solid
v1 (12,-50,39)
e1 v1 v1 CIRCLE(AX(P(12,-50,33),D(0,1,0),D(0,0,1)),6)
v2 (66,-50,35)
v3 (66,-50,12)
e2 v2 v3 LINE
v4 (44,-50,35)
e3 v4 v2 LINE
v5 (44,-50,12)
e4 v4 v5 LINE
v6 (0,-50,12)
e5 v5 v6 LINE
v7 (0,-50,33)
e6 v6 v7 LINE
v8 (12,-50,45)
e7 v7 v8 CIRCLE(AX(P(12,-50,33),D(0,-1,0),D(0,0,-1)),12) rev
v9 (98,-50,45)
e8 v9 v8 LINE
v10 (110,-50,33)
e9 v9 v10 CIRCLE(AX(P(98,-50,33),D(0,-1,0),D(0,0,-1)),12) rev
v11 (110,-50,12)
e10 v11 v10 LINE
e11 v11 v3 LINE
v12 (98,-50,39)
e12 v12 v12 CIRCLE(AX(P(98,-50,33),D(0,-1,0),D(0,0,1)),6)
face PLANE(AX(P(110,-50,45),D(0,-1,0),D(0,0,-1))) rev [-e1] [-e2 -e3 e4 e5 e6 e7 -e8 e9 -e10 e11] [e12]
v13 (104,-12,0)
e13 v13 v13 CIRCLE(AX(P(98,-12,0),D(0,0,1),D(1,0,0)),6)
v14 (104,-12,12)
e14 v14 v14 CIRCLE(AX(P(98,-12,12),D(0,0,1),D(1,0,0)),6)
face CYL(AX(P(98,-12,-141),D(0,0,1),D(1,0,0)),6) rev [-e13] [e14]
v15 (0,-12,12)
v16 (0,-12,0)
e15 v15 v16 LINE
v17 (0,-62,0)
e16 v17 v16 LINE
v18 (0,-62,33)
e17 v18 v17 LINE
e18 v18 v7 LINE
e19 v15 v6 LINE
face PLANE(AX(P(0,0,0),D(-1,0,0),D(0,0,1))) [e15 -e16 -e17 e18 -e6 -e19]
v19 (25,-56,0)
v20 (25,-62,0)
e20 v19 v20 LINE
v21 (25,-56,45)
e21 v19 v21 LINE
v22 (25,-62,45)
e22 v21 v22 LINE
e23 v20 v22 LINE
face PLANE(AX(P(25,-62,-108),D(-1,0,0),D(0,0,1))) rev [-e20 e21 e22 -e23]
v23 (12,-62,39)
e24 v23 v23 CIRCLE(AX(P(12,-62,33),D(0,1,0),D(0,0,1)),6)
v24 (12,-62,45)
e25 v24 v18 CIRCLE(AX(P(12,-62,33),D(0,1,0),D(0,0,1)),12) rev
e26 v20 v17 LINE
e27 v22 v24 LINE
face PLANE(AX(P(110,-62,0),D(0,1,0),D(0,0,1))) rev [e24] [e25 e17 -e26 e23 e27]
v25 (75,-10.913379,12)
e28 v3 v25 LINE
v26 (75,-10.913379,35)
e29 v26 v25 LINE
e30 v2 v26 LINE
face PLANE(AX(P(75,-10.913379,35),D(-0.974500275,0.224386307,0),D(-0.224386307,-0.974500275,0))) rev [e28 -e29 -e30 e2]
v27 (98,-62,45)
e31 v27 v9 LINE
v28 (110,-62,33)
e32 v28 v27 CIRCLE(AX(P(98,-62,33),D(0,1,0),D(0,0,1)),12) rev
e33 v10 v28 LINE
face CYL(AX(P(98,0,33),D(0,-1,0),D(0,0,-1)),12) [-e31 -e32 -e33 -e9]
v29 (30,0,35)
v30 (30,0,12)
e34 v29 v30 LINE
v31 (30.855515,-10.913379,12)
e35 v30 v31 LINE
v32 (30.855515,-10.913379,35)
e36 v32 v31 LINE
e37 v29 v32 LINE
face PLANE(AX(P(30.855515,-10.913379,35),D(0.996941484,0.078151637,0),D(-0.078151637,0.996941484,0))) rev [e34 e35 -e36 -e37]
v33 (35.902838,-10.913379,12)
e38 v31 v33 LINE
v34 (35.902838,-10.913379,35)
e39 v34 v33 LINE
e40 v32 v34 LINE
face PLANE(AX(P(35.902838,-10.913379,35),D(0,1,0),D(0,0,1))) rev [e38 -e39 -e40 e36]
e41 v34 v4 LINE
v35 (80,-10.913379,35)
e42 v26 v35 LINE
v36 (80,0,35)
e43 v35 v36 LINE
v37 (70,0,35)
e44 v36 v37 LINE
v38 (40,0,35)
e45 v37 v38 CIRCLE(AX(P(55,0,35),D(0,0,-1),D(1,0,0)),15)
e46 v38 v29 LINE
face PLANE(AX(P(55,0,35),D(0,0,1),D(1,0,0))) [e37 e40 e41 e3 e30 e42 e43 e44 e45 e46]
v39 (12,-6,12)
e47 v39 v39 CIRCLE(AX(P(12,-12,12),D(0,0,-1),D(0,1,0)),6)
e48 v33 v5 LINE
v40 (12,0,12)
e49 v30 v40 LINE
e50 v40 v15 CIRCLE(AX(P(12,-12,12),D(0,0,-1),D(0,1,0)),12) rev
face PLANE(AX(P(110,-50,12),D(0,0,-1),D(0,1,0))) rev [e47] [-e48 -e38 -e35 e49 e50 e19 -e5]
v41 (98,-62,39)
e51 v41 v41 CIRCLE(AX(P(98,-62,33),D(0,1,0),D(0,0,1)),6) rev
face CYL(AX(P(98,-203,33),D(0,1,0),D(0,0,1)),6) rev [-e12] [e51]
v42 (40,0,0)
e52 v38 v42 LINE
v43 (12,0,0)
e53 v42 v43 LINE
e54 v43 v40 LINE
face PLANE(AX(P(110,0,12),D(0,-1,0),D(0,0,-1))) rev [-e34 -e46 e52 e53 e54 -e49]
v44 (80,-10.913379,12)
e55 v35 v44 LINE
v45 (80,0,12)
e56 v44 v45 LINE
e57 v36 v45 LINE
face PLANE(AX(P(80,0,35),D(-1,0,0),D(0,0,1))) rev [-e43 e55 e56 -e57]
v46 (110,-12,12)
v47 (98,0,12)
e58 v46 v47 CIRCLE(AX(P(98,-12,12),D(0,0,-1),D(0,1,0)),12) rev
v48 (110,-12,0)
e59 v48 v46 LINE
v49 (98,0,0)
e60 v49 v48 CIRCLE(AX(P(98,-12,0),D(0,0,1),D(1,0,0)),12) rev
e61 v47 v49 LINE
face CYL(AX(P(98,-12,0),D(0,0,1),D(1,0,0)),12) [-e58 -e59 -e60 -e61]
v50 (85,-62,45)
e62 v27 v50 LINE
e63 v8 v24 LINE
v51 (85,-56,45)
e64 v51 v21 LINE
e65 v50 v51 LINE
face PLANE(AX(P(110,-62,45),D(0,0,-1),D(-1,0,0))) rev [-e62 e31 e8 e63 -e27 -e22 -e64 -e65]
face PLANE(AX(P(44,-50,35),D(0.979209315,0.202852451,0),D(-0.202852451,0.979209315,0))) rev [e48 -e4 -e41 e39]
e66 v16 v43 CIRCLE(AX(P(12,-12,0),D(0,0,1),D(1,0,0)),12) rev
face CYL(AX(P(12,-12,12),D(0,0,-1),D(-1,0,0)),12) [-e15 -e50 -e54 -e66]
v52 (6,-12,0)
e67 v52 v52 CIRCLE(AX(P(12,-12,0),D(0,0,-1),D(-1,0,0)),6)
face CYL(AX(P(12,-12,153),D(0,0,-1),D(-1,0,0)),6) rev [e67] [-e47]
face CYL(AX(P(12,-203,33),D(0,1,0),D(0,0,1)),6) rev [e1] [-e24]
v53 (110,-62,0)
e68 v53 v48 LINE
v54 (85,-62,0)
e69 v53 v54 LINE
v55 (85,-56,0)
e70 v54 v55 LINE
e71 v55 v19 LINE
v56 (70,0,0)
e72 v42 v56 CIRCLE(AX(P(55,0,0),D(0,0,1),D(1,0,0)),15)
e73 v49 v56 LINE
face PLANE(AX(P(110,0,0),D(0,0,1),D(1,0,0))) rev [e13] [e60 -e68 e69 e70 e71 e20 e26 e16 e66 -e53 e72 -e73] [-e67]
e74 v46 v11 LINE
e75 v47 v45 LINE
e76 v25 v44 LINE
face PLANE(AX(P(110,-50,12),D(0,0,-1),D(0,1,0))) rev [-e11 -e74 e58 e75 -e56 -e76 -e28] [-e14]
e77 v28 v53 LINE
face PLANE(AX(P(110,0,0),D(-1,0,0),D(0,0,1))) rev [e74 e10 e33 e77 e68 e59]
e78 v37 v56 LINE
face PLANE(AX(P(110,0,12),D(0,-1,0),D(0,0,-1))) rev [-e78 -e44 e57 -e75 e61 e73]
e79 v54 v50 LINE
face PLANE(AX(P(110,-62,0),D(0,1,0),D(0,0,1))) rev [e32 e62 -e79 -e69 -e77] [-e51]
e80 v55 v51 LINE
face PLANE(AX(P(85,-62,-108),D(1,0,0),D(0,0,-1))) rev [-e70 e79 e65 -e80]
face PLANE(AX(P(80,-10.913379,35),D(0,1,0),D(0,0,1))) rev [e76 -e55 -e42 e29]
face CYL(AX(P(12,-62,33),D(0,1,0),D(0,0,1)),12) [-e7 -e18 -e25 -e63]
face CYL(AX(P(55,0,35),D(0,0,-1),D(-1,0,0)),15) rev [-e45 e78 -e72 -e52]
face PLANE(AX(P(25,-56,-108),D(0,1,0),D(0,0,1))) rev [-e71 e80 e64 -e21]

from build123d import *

# Parameters (mm, degrees)
BOSS_EXTRUDE1_DEPTH = 110
BOSS_EXTRUDE2_DEPTH = 23
CUT_EXTRUDE1_START  = -23
CUT_EXTRUDE1_DEPTH  = 23
SKETCH6_W           = 60
SKETCH6_H           = 6
CUT_EXTRUDE2_DEPTH  = 153
FILLET1_R           = 12
SKETCH9_R           = 6
CUT_EXTRUDE3_DEPTH  = 153
FILLET3_R           = 12
SKETCH10_R          = 6
CUT_EXTRUDE4_DEPTH  = 153
SKETCH11_R          = 6
CUT_EXTRUDE5_DEPTH  = 153


with BuildPart() as part:
    # Sketch1 → Boss-Extrude1 (new body)
    with BuildSketch(Plane(origin=(0, 0, 0), x_dir=(0, 0, -1), z_dir=(1, 0, 0))):
        Polygon((0, 0), (0, -62), (-45, -62), (-45, -50), (-12, -50), (-12, 0), align=None)
    extrude(amount=BOSS_EXTRUDE1_DEPTH)

    # Sketch4 → Boss-Extrude2 (add)
    with BuildSketch(Plane.XY.offset(12)):
        with BuildLine():
            Line((30, 0), (40, 0))
            ThreePointArc((40, 0), (55, -15), (70, 0))
            Line((70, 0), (80, 0))
            Line((80, 0), (80, -10.913379379))
            Line((80, -10.913379379), (75, -10.913379379))
            Line((75, -10.913379379), (66, -50))
            Line((66, -50), (44, -50))
            Line((44, -50), (35.902837649, -10.913379379))
            Line((35.902837649, -10.913379379), (30.855515073, -10.913379379))
            Line((30.855515073, -10.913379379), (30, 0))
        make_face()
    extrude(amount=BOSS_EXTRUDE2_DEPTH)

    # Sketch5 → Cut-Extrude1 (cut)
    with BuildSketch(Plane.XY.offset(12).offset(CUT_EXTRUDE1_START)):
        with BuildLine():
            Line((70, 0), (40, 0))
            ThreePointArc((40, 0), (55, -15), (70, 0))
        make_face()
    extrude(amount=CUT_EXTRUDE1_DEPTH, mode=Mode.SUBTRACT)

    # Sketch6 → Cut-Extrude2 (cut)
    with BuildSketch(Plane.XY.offset(45)):
        with Locations((55, -59)):
            Rectangle(SKETCH6_W, SKETCH6_H)
    extrude(amount=-CUT_EXTRUDE2_DEPTH, mode=Mode.SUBTRACT)

    # Fillet1
    fillet1_edges = [part.edges().sort_by_distance(p)[0] for p in [
        (110, -56, 45),
        (0, -56, 45),
    ]]
    fillet(fillet1_edges, radius=FILLET1_R)

    # Sketch9 → Cut-Extrude3 (cut)
    with BuildSketch(Plane(origin=(0, -50, 0), x_dir=(1, 0, 0), z_dir=(0, 1, 0))):
        with Locations(Location((12, -33, 0), (0, 0, 270))):
            Circle(SKETCH9_R)
    cut_extrude3 = extrude(amount=-CUT_EXTRUDE3_DEPTH, mode=Mode.SUBTRACT)

    # Mirror1: Cut-Extrude3 across plane
    add(cut_extrude3.mirror(Plane.ZY.offset(-55)), mode=Mode.SUBTRACT)

    # Fillet3
    fillet3_edges = [part.edges().sort_by_distance(p)[0] for p in [
        (110, 0, 6),
        (0, 0, 6),
    ]]
    fillet(fillet3_edges, radius=FILLET3_R)

    # Sketch10 → Cut-Extrude4 (cut)
    with BuildSketch(Plane(origin=(0, 0, 0), x_dir=(-1, 0, 0), z_dir=(0, 0, -1))):
        with Locations((-12, -12)):
            Circle(SKETCH10_R)
    extrude(amount=-CUT_EXTRUDE4_DEPTH, mode=Mode.SUBTRACT)

    # Sketch11 → Cut-Extrude5 (cut)
    with BuildSketch(Plane.XY.offset(12)):
        with Locations((98, -12)):
            Circle(SKETCH11_R)
    extrude(amount=-CUT_EXTRUDE5_DEPTH, mode=Mode.SUBTRACT)


solid = part.part
